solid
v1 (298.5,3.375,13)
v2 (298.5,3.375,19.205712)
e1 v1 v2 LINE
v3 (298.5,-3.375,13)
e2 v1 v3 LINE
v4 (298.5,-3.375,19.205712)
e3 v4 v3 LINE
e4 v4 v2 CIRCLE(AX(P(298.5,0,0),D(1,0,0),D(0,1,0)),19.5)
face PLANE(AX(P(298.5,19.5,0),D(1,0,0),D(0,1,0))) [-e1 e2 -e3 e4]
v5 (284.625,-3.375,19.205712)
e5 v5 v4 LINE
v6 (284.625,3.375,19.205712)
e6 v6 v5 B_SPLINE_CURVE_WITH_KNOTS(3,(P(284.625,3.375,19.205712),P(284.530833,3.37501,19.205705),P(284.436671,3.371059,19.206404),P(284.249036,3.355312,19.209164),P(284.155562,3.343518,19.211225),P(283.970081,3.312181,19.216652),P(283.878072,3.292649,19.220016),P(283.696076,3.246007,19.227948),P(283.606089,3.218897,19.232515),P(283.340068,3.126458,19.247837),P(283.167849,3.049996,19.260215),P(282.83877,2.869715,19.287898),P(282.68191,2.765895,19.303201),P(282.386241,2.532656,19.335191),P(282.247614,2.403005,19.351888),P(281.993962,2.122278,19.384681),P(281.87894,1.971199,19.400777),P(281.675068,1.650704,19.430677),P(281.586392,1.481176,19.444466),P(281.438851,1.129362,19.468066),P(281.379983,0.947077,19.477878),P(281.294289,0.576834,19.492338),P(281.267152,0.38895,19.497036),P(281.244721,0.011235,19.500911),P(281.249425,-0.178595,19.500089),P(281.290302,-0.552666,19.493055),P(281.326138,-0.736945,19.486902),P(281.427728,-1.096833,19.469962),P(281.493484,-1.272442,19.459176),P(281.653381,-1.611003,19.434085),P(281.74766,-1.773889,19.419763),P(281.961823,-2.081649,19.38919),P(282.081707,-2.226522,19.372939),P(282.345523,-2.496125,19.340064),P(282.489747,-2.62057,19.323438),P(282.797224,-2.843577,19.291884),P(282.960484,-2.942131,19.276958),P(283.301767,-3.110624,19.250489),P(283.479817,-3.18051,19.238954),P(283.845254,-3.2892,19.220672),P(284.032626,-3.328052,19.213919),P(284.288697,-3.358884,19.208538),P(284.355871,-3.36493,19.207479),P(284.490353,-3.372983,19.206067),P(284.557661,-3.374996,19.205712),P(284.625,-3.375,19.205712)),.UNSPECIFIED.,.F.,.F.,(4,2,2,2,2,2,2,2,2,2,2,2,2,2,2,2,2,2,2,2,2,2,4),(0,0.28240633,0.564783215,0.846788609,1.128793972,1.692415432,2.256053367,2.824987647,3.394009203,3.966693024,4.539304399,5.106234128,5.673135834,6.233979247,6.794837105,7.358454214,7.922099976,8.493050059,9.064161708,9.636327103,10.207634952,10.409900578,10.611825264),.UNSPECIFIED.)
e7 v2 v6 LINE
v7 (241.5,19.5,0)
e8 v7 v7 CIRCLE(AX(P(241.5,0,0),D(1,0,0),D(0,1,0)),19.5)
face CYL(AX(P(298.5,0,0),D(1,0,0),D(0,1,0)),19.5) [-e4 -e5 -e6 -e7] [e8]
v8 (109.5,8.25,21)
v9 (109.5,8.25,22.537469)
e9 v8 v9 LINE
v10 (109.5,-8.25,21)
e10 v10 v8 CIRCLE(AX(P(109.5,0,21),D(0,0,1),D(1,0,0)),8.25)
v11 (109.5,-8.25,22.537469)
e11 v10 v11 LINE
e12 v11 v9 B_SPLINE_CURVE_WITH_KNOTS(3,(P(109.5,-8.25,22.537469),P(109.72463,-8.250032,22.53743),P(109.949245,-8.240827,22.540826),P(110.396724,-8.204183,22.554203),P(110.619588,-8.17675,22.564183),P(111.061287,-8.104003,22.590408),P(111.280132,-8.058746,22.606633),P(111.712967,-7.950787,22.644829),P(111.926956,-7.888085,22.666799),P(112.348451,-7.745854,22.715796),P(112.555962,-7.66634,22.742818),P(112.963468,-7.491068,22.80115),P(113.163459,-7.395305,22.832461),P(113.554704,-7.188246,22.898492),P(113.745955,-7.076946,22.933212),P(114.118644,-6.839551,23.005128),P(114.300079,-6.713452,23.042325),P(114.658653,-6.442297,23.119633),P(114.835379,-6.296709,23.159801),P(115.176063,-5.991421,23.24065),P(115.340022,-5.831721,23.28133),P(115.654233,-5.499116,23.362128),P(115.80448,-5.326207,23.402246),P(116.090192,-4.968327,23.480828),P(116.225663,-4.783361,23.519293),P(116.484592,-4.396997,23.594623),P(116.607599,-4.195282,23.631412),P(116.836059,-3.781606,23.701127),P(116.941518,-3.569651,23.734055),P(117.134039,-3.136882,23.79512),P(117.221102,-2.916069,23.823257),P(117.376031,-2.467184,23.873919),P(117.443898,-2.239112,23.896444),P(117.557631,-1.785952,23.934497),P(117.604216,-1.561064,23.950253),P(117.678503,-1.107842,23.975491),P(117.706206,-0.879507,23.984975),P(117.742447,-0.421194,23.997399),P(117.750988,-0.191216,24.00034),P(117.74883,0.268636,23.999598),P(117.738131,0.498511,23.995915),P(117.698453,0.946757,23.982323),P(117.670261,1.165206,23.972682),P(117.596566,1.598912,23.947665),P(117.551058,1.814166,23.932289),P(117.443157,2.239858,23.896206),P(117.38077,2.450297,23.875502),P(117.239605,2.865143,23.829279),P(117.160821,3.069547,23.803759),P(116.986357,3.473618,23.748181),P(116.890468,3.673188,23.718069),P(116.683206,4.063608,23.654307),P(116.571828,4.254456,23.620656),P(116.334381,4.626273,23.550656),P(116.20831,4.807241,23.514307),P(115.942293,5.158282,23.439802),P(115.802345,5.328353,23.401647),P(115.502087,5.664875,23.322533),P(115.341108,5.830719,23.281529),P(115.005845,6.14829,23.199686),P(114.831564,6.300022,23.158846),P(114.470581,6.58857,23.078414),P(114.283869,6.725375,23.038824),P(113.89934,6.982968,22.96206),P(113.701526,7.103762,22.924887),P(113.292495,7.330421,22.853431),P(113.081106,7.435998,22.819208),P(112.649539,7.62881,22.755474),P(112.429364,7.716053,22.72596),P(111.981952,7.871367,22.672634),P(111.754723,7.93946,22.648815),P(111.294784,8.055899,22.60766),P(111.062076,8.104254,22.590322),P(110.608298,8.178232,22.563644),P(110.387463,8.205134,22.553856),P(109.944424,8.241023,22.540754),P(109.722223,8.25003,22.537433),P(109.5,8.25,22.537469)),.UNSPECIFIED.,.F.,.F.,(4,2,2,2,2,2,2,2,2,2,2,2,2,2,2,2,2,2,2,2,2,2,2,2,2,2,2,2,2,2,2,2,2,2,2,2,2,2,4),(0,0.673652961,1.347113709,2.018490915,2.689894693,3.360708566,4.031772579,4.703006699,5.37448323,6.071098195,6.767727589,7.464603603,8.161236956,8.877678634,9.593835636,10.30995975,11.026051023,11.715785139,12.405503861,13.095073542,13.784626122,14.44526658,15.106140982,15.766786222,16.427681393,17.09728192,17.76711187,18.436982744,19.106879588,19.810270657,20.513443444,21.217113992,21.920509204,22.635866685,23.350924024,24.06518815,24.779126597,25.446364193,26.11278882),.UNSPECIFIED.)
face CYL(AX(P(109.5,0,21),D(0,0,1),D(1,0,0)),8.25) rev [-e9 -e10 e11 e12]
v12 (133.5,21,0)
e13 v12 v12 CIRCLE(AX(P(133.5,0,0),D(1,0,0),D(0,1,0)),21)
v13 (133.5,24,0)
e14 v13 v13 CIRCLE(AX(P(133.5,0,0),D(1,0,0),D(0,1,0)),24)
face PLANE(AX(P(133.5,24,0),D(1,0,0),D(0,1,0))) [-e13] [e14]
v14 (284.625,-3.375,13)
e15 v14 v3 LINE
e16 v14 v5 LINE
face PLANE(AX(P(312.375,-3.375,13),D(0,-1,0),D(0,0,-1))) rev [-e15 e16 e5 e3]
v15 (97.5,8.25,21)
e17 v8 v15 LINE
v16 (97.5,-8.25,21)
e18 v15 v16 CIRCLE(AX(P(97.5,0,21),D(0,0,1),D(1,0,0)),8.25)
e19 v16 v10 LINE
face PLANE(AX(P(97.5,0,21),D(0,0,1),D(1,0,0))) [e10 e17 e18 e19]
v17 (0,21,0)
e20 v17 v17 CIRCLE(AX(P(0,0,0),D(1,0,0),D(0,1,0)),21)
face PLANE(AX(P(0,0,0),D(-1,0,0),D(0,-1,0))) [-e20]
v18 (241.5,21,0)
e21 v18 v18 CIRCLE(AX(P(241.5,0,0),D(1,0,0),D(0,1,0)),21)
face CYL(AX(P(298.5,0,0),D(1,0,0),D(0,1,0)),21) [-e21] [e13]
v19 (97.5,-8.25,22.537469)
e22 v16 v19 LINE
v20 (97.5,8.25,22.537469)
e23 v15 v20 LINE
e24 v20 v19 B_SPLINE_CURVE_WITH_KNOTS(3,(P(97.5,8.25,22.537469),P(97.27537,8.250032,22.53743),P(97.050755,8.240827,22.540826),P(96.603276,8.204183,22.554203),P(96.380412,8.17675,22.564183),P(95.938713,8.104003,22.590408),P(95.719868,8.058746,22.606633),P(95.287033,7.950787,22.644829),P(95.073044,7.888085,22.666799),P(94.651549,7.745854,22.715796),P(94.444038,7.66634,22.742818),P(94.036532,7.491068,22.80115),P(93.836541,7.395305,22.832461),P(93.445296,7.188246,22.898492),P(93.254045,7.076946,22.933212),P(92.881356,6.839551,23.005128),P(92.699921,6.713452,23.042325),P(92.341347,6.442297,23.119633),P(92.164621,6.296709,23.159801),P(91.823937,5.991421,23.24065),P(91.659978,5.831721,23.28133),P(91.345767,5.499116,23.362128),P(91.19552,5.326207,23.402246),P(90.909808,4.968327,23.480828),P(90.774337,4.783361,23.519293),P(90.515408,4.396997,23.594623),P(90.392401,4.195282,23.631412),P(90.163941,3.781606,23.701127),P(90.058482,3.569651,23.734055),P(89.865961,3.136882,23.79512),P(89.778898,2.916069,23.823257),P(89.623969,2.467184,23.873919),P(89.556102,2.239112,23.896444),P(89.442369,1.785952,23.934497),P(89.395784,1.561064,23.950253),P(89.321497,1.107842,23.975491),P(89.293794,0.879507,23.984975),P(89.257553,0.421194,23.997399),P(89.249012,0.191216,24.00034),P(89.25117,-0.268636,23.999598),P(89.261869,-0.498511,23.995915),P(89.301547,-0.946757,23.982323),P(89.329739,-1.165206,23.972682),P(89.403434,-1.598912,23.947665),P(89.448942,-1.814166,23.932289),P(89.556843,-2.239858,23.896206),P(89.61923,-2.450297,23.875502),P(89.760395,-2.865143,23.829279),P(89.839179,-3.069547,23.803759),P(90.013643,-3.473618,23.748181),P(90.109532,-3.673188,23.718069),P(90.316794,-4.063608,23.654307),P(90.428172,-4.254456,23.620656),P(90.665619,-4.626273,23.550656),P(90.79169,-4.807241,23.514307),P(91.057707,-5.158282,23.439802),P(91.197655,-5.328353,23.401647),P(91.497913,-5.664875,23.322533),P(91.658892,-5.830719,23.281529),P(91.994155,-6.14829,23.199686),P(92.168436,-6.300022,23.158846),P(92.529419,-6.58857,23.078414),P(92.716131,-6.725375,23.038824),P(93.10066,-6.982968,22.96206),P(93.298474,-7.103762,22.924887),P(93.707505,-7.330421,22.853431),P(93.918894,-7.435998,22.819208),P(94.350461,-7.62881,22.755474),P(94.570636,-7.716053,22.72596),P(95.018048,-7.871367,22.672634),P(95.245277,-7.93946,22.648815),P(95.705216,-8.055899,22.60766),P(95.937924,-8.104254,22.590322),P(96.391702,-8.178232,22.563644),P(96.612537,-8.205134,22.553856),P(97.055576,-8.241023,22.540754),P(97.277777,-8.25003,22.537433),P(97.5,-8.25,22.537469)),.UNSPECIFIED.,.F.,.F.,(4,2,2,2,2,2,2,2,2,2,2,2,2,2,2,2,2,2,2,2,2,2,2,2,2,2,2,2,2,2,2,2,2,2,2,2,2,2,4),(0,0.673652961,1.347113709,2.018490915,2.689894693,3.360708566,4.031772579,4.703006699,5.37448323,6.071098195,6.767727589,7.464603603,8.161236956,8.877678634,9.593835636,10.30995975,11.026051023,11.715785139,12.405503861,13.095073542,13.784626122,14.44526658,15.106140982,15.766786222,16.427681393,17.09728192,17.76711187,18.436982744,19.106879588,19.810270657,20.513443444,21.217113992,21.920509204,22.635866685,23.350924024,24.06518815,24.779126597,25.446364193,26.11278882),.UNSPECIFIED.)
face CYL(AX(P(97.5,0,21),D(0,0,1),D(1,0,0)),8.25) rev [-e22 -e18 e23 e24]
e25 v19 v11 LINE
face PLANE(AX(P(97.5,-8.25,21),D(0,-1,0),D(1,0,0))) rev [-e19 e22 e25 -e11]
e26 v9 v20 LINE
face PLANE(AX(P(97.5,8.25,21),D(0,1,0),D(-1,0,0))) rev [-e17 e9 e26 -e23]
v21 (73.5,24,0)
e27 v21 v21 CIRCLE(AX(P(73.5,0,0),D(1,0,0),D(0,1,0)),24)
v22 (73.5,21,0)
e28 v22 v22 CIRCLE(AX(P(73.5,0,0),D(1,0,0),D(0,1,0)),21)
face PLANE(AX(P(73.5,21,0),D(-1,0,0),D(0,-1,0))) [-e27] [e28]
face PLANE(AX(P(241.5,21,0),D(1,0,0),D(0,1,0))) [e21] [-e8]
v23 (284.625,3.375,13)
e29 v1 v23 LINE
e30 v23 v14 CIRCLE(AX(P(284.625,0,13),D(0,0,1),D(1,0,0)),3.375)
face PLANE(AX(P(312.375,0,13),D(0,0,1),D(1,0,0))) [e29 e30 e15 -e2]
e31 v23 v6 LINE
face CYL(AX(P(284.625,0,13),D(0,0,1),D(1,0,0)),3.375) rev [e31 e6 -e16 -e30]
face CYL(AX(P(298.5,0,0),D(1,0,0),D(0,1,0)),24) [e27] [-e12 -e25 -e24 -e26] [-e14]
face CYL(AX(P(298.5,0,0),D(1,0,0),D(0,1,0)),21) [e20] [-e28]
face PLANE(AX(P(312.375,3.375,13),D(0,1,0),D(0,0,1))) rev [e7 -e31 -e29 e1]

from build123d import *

# Parameters (mm, degrees)
CUT_EXTRUDE1_DEPTH = 6.5
CUT_EXTRUDE2_DEPTH = 3


with BuildPart() as part:
    # Sketch1 → Revolve1 (revolve)
    with BuildSketch(Plane.XY):
        Polygon((0, 0), (0, 21), (73.5, 21), (73.5, 24), (133.5, 24), (133.5, 21), (241.5, 21), (241.5, 19.5), (298.5, 19.5), (298.5, 0), align=None)
    revolve(axis=Axis((298.5, 0, 0), (-1, 0, 0)))

    # Sketch3 → Cut-Extrude1 (cut)
    with BuildSketch(Plane.XY.offset(19.5)):
        with BuildLine():
            Line((312.375, -3.375), (284.625, -3.375))
            ThreePointArc((284.625, -3.375), (281.25, 0), (284.625, 3.375))
            Line((284.625, 3.375), (312.375, 3.375))
            ThreePointArc((312.375, 3.375), (315.75, 0), (312.375, -3.375))
        make_face()
    extrude(amount=-CUT_EXTRUDE1_DEPTH, mode=Mode.SUBTRACT)

    # Sketch4 → Cut-Extrude2 (cut)
    with BuildSketch(Plane.XY.offset(24)):
        with BuildLine():
            Line((97.5, 8.25), (109.5, 8.25))
            ThreePointArc((109.5, 8.25), (117.75, 0), (109.5, -8.25))
            Line((109.5, -8.25), (97.5, -8.25))
            ThreePointArc((97.5, -8.25), (89.25, 0), (97.5, 8.25))
        make_face()
    extrude(amount=-CUT_EXTRUDE2_DEPTH, mode=Mode.SUBTRACT)


solid = part.part
